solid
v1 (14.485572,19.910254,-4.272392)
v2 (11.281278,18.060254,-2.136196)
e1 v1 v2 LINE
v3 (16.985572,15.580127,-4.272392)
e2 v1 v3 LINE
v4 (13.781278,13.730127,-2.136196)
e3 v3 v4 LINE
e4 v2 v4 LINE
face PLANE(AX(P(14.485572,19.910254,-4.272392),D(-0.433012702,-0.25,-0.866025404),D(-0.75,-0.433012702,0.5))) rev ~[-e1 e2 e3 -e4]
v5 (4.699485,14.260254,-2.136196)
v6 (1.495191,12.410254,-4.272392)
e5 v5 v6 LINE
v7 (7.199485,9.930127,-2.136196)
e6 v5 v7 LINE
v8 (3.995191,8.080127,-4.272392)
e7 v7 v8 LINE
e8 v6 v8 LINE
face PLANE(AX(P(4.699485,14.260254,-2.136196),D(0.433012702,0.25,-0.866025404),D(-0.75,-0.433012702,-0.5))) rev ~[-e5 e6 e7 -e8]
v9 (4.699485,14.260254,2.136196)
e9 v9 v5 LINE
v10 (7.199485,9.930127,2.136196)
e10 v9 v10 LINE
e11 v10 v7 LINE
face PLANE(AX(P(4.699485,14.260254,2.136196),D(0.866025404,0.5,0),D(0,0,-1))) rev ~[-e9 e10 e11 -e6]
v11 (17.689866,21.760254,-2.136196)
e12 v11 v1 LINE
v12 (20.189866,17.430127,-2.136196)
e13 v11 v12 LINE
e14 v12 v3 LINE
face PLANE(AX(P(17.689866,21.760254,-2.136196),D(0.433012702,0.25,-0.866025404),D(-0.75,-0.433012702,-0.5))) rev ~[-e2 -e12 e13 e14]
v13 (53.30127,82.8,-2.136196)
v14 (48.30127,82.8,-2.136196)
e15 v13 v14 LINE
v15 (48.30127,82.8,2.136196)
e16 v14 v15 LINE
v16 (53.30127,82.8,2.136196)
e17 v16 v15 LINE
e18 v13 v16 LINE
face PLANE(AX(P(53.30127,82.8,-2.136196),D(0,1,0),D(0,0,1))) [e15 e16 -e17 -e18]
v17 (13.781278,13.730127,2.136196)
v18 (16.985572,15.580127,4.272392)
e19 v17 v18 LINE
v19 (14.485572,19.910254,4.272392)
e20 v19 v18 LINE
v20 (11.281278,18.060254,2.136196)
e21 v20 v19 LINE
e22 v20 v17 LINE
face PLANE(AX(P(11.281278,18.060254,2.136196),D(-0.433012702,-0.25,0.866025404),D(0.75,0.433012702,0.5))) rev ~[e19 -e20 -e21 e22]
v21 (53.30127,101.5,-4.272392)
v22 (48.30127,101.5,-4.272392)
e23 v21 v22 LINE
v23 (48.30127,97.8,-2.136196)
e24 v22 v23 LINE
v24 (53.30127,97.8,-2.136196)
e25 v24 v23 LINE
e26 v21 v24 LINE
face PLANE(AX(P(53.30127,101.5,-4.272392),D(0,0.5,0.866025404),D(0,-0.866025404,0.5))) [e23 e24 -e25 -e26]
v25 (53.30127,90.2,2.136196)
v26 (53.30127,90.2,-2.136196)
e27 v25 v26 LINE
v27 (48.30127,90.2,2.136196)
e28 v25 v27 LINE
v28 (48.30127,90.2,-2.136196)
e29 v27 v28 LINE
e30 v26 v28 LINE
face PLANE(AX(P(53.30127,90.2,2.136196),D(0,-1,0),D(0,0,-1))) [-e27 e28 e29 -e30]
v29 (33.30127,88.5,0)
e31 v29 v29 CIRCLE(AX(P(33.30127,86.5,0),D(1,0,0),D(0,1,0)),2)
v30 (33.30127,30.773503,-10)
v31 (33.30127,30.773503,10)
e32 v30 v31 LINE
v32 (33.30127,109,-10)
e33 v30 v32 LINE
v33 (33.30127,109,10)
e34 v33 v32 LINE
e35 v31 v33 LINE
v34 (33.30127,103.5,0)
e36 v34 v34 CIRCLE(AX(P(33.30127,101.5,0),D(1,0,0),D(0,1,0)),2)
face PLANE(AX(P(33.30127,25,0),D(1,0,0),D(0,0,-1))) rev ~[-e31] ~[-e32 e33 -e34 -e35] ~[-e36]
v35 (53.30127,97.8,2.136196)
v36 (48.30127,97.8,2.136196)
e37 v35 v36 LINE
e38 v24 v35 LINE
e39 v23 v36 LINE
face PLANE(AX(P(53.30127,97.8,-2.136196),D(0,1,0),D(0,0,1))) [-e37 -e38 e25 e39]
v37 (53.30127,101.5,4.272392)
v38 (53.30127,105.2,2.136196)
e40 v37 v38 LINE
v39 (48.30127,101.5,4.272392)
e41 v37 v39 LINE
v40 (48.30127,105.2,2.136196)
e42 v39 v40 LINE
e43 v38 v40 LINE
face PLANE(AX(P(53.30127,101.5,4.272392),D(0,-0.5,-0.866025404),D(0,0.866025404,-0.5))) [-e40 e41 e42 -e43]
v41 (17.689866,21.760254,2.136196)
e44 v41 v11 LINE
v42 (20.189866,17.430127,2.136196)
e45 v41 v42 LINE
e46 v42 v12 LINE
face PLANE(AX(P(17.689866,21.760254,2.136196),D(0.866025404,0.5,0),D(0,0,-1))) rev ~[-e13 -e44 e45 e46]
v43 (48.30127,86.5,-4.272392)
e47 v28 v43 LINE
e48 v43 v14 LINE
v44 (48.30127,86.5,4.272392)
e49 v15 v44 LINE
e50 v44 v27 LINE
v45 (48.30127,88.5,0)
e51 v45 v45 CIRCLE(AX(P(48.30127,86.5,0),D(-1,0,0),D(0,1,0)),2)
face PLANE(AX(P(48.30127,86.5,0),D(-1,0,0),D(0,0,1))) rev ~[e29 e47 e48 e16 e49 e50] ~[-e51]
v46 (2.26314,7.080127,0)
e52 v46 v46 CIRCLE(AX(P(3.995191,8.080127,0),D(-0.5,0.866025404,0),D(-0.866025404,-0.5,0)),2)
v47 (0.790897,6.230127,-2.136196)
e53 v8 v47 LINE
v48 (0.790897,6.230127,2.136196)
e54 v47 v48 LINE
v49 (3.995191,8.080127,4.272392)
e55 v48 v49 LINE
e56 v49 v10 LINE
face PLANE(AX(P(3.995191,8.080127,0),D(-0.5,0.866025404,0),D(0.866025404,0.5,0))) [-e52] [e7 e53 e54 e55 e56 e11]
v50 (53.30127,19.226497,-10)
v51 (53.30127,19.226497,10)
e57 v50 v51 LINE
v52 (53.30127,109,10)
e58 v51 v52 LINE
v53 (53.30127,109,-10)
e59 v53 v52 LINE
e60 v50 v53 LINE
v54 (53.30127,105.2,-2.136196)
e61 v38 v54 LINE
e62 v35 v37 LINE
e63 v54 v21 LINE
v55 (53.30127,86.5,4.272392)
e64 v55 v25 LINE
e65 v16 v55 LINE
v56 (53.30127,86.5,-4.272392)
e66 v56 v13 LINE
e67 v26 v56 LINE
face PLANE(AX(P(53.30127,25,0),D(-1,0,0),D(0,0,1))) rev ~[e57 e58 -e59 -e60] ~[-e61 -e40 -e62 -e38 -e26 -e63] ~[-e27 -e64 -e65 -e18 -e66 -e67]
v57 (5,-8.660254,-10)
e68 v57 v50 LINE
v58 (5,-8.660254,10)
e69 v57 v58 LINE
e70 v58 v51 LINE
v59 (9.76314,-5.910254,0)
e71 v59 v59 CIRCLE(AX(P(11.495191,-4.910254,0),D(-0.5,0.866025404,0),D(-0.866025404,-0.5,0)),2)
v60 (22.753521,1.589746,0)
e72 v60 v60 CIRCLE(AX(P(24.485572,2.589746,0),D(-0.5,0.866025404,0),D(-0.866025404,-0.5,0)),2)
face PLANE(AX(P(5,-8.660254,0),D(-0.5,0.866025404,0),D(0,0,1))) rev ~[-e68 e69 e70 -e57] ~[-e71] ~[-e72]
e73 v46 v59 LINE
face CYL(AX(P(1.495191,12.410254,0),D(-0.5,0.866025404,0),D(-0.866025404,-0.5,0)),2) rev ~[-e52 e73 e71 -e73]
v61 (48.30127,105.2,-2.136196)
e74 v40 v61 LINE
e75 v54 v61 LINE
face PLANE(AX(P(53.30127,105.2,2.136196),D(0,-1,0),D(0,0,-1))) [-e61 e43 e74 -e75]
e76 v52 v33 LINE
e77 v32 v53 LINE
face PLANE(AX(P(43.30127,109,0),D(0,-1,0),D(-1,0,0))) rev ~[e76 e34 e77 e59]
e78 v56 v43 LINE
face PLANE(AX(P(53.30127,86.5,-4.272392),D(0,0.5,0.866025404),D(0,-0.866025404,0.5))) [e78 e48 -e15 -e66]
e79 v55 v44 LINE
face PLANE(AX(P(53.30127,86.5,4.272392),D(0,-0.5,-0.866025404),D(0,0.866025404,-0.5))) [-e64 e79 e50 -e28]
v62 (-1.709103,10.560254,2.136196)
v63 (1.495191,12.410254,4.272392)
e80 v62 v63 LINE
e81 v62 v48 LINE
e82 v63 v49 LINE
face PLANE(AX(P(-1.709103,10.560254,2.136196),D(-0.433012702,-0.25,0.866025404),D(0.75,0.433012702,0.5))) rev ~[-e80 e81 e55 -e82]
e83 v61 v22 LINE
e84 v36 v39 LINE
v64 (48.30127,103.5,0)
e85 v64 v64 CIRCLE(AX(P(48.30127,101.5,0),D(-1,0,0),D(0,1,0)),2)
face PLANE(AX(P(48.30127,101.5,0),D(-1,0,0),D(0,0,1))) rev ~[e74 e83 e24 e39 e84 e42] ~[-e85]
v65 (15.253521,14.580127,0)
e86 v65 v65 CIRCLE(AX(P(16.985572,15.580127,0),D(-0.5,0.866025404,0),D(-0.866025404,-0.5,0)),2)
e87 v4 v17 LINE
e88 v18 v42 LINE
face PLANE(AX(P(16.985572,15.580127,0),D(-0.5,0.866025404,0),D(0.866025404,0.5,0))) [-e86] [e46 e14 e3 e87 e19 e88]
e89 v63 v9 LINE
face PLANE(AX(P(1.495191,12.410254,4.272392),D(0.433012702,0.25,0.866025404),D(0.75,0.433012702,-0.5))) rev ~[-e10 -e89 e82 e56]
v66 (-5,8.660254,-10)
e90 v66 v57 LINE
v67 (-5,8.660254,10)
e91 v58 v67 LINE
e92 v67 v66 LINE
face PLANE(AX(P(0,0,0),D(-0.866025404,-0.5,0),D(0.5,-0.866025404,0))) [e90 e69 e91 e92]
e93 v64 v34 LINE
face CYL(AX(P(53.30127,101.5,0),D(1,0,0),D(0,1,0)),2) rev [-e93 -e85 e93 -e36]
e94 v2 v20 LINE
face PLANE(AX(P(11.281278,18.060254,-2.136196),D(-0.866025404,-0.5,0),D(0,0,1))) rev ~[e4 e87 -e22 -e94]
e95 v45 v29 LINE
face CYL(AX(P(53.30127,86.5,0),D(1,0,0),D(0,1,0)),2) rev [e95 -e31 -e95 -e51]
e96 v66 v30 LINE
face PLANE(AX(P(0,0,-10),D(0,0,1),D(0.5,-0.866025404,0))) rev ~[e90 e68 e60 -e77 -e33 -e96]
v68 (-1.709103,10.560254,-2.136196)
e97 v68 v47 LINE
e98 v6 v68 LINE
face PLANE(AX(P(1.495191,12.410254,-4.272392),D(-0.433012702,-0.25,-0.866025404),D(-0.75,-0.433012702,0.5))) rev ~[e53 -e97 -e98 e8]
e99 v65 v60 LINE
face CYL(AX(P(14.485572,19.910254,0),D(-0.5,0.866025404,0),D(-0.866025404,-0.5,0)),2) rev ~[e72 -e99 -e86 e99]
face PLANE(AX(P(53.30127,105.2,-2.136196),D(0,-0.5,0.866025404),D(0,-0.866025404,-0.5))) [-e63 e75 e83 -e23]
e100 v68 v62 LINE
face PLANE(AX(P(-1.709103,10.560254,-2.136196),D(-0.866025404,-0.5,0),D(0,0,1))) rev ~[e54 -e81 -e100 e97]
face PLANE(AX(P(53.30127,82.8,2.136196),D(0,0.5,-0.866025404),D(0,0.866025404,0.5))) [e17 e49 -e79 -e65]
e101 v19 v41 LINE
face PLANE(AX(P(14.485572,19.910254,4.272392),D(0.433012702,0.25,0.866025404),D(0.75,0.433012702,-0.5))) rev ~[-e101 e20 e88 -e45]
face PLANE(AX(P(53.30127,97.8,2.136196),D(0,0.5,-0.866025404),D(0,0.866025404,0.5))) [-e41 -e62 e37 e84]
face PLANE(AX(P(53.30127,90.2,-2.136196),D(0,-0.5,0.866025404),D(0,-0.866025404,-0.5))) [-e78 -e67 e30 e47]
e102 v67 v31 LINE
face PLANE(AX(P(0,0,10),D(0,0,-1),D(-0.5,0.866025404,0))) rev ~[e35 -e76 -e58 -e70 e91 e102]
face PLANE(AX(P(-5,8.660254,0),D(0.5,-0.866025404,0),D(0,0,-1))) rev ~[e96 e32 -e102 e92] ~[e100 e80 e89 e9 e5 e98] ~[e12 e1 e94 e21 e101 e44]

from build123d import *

# Parameters (mm, degrees)
SKETCH4_W          = 20
SKETCH4_H          = 20
CUT_EXTRUDE1_REACH = 118.478
SKETCH5_R          = 2
SKETCH5_3_R        = 2
CUT_EXTRUDE2_DEPTH = 5
SKETCH6_R          = 2
CUT_EXTRUDE3_DEPTH = 139.877964102
SKETCH6_5_R        = 2
CUT_EXTRUDE4_DEPTH = 5


with BuildPart() as part:
    # Sweep1: sweep along a path in Sketch1
    with BuildLine(Plane.XY) as sweep1_path:
        Line((0, 0), (43.301270189, 25))
        Line((43.301270189, 25), (43.301270189, 109))
    # Sketch4 → Sweep1 (sweep)
    with BuildSketch(Plane(origin=(0, 0, 0), x_dir=(0, 0, 1), z_dir=(-0.866025403784438, -0.5000000000000012, 0))):
        Rectangle(SKETCH4_W, SKETCH4_H)
    sweep(path=sweep1_path.line, transition=Transition.RIGHT)

    # Sketch5 → Cut-Extrude1 (cut, up to next)
    with BuildSketch(Plane(origin=(-5, 8.660254038, 0), x_dir=(0.866025403784438, 0.5000000000000012, 0), z_dir=(-0.5000000000000012, 0.866025403784438, 0)), mode=Mode.PRIVATE) as cut_extrude1_sk1:
        with Locations(Location((7.5, 0, 0), (0, 0, 180))):
            Circle(SKETCH5_R)
    cut_extrude1_tool1 = extrude(cut_extrude1_sk1.sketch, amount=-CUT_EXTRUDE1_REACH, mode=Mode.PRIVATE) & part.part
    # Sketch5 → Cut-Extrude1 (cut, up to next)
    with BuildSketch(Plane(origin=(-5, 8.660254038, 0), x_dir=(0.866025403784438, 0.5000000000000012, 0), z_dir=(-0.5000000000000012, 0.866025403784438, 0)), mode=Mode.PRIVATE) as cut_extrude1_sk2:
        with Locations(Location((22.5, 0, 0), (0, 0, 180))):
            Circle(SKETCH5_R)
    cut_extrude1_tool2 = extrude(cut_extrude1_sk2.sketch, amount=-CUT_EXTRUDE1_REACH, mode=Mode.PRIVATE) & part.part
    add(cut_extrude1_tool1.solids().sort_by_distance((1.495191, 12.410254, 0))[0], mode=Mode.SUBTRACT)
    add(cut_extrude1_tool2.solids().sort_by_distance((14.485572, 19.910254, 0))[0], mode=Mode.SUBTRACT)

    # Sketch5<3> → Cut-Extrude2 (cut)
    # profile 1 of 2: a face of its own
    with BuildSketch(Plane(origin=(-5, 8.660254038, 0), x_dir=(0.866025403784438, 0.5000000000000012, 0), z_dir=(-0.5000000000000012, 0.866025403784438, 0))):
        Polygon((11.2, -2.136195996), (11.2, 2.136195996), (7.5, 4.272391992), (3.8, 2.136195996), (3.8, -2.136195996), (7.5, -4.272391992), align=None)
        with Locations(Location((7.5, 0, 0), (0, 0, 180))):
            Circle(SKETCH5_3_R, mode=Mode.SUBTRACT)
    # profile 2 of 2: a face of its own
    with BuildSketch(Plane(origin=(-5, 8.660254038, 0), x_dir=(0.866025403784438, 0.5000000000000012, 0), z_dir=(-0.5000000000000012, 0.866025403784438, 0))):
        Polygon((26.2, -2.136195996), (26.2, 2.136195996), (22.5, 4.272391992), (18.8, 2.136195996), (18.8, -2.136195996), (22.5, -4.272391992), align=None)
        with Locations(Location((22.5, 0, 0), (0, 0, 180))):
            Circle(SKETCH5_3_R, mode=Mode.SUBTRACT)
    extrude(amount=-CUT_EXTRUDE2_DEPTH, mode=Mode.SUBTRACT)

    # Sketch6 → Cut-Extrude3 (cut, through all)
    with BuildSketch(Plane(origin=(53.301270189, 0, -53.301270189), x_dir=(0, 0, 1), z_dir=(-1, 0, 0))):
        with Locations(Location((53.301270189, 101.5, 0), (0, 0, 90))):
            Circle(SKETCH6_R)
        with Locations(Location((53.301270189, 86.5, 0), (0, 0, 90))):
            Circle(SKETCH6_R)
    extrude(amount=CUT_EXTRUDE3_DEPTH, mode=Mode.SUBTRACT)

    # Sketch6<5> → Cut-Extrude4 (cut)
    # profile 1 of 2: a face of its own
    with BuildSketch(Plane(origin=(53.301270189, 0, -53.301270189), x_dir=(0, 0, 1), z_dir=(-1, 0, 0))):
        Polygon((55.437466185, 97.8), (57.573662181, 101.5), (55.437466185, 105.2), (51.165074193, 105.2), (49.028878197, 101.5), (51.165074193, 97.8), align=None)
        with Locations(Location((53.301270189, 101.5, 0), (0, 0, 90))):
            Circle(SKETCH6_5_R, mode=Mode.SUBTRACT)
    # profile 2 of 2: a face of its own
    with BuildSketch(Plane(origin=(53.301270189, 0, -53.301270189), x_dir=(0, 0, 1), z_dir=(-1, 0, 0))):
        Polygon((55.437466185, 82.8), (57.573662181, 86.5), (55.437466185, 90.2), (51.165074193, 90.2), (49.028878197, 86.5), (51.165074193, 82.8), align=None)
        with Locations(Location((53.301270189, 86.5, 0), (0, 0, 90))):
            Circle(SKETCH6_5_R, mode=Mode.SUBTRACT)
    extrude(amount=CUT_EXTRUDE4_DEPTH, mode=Mode.SUBTRACT)


solid = part.part
